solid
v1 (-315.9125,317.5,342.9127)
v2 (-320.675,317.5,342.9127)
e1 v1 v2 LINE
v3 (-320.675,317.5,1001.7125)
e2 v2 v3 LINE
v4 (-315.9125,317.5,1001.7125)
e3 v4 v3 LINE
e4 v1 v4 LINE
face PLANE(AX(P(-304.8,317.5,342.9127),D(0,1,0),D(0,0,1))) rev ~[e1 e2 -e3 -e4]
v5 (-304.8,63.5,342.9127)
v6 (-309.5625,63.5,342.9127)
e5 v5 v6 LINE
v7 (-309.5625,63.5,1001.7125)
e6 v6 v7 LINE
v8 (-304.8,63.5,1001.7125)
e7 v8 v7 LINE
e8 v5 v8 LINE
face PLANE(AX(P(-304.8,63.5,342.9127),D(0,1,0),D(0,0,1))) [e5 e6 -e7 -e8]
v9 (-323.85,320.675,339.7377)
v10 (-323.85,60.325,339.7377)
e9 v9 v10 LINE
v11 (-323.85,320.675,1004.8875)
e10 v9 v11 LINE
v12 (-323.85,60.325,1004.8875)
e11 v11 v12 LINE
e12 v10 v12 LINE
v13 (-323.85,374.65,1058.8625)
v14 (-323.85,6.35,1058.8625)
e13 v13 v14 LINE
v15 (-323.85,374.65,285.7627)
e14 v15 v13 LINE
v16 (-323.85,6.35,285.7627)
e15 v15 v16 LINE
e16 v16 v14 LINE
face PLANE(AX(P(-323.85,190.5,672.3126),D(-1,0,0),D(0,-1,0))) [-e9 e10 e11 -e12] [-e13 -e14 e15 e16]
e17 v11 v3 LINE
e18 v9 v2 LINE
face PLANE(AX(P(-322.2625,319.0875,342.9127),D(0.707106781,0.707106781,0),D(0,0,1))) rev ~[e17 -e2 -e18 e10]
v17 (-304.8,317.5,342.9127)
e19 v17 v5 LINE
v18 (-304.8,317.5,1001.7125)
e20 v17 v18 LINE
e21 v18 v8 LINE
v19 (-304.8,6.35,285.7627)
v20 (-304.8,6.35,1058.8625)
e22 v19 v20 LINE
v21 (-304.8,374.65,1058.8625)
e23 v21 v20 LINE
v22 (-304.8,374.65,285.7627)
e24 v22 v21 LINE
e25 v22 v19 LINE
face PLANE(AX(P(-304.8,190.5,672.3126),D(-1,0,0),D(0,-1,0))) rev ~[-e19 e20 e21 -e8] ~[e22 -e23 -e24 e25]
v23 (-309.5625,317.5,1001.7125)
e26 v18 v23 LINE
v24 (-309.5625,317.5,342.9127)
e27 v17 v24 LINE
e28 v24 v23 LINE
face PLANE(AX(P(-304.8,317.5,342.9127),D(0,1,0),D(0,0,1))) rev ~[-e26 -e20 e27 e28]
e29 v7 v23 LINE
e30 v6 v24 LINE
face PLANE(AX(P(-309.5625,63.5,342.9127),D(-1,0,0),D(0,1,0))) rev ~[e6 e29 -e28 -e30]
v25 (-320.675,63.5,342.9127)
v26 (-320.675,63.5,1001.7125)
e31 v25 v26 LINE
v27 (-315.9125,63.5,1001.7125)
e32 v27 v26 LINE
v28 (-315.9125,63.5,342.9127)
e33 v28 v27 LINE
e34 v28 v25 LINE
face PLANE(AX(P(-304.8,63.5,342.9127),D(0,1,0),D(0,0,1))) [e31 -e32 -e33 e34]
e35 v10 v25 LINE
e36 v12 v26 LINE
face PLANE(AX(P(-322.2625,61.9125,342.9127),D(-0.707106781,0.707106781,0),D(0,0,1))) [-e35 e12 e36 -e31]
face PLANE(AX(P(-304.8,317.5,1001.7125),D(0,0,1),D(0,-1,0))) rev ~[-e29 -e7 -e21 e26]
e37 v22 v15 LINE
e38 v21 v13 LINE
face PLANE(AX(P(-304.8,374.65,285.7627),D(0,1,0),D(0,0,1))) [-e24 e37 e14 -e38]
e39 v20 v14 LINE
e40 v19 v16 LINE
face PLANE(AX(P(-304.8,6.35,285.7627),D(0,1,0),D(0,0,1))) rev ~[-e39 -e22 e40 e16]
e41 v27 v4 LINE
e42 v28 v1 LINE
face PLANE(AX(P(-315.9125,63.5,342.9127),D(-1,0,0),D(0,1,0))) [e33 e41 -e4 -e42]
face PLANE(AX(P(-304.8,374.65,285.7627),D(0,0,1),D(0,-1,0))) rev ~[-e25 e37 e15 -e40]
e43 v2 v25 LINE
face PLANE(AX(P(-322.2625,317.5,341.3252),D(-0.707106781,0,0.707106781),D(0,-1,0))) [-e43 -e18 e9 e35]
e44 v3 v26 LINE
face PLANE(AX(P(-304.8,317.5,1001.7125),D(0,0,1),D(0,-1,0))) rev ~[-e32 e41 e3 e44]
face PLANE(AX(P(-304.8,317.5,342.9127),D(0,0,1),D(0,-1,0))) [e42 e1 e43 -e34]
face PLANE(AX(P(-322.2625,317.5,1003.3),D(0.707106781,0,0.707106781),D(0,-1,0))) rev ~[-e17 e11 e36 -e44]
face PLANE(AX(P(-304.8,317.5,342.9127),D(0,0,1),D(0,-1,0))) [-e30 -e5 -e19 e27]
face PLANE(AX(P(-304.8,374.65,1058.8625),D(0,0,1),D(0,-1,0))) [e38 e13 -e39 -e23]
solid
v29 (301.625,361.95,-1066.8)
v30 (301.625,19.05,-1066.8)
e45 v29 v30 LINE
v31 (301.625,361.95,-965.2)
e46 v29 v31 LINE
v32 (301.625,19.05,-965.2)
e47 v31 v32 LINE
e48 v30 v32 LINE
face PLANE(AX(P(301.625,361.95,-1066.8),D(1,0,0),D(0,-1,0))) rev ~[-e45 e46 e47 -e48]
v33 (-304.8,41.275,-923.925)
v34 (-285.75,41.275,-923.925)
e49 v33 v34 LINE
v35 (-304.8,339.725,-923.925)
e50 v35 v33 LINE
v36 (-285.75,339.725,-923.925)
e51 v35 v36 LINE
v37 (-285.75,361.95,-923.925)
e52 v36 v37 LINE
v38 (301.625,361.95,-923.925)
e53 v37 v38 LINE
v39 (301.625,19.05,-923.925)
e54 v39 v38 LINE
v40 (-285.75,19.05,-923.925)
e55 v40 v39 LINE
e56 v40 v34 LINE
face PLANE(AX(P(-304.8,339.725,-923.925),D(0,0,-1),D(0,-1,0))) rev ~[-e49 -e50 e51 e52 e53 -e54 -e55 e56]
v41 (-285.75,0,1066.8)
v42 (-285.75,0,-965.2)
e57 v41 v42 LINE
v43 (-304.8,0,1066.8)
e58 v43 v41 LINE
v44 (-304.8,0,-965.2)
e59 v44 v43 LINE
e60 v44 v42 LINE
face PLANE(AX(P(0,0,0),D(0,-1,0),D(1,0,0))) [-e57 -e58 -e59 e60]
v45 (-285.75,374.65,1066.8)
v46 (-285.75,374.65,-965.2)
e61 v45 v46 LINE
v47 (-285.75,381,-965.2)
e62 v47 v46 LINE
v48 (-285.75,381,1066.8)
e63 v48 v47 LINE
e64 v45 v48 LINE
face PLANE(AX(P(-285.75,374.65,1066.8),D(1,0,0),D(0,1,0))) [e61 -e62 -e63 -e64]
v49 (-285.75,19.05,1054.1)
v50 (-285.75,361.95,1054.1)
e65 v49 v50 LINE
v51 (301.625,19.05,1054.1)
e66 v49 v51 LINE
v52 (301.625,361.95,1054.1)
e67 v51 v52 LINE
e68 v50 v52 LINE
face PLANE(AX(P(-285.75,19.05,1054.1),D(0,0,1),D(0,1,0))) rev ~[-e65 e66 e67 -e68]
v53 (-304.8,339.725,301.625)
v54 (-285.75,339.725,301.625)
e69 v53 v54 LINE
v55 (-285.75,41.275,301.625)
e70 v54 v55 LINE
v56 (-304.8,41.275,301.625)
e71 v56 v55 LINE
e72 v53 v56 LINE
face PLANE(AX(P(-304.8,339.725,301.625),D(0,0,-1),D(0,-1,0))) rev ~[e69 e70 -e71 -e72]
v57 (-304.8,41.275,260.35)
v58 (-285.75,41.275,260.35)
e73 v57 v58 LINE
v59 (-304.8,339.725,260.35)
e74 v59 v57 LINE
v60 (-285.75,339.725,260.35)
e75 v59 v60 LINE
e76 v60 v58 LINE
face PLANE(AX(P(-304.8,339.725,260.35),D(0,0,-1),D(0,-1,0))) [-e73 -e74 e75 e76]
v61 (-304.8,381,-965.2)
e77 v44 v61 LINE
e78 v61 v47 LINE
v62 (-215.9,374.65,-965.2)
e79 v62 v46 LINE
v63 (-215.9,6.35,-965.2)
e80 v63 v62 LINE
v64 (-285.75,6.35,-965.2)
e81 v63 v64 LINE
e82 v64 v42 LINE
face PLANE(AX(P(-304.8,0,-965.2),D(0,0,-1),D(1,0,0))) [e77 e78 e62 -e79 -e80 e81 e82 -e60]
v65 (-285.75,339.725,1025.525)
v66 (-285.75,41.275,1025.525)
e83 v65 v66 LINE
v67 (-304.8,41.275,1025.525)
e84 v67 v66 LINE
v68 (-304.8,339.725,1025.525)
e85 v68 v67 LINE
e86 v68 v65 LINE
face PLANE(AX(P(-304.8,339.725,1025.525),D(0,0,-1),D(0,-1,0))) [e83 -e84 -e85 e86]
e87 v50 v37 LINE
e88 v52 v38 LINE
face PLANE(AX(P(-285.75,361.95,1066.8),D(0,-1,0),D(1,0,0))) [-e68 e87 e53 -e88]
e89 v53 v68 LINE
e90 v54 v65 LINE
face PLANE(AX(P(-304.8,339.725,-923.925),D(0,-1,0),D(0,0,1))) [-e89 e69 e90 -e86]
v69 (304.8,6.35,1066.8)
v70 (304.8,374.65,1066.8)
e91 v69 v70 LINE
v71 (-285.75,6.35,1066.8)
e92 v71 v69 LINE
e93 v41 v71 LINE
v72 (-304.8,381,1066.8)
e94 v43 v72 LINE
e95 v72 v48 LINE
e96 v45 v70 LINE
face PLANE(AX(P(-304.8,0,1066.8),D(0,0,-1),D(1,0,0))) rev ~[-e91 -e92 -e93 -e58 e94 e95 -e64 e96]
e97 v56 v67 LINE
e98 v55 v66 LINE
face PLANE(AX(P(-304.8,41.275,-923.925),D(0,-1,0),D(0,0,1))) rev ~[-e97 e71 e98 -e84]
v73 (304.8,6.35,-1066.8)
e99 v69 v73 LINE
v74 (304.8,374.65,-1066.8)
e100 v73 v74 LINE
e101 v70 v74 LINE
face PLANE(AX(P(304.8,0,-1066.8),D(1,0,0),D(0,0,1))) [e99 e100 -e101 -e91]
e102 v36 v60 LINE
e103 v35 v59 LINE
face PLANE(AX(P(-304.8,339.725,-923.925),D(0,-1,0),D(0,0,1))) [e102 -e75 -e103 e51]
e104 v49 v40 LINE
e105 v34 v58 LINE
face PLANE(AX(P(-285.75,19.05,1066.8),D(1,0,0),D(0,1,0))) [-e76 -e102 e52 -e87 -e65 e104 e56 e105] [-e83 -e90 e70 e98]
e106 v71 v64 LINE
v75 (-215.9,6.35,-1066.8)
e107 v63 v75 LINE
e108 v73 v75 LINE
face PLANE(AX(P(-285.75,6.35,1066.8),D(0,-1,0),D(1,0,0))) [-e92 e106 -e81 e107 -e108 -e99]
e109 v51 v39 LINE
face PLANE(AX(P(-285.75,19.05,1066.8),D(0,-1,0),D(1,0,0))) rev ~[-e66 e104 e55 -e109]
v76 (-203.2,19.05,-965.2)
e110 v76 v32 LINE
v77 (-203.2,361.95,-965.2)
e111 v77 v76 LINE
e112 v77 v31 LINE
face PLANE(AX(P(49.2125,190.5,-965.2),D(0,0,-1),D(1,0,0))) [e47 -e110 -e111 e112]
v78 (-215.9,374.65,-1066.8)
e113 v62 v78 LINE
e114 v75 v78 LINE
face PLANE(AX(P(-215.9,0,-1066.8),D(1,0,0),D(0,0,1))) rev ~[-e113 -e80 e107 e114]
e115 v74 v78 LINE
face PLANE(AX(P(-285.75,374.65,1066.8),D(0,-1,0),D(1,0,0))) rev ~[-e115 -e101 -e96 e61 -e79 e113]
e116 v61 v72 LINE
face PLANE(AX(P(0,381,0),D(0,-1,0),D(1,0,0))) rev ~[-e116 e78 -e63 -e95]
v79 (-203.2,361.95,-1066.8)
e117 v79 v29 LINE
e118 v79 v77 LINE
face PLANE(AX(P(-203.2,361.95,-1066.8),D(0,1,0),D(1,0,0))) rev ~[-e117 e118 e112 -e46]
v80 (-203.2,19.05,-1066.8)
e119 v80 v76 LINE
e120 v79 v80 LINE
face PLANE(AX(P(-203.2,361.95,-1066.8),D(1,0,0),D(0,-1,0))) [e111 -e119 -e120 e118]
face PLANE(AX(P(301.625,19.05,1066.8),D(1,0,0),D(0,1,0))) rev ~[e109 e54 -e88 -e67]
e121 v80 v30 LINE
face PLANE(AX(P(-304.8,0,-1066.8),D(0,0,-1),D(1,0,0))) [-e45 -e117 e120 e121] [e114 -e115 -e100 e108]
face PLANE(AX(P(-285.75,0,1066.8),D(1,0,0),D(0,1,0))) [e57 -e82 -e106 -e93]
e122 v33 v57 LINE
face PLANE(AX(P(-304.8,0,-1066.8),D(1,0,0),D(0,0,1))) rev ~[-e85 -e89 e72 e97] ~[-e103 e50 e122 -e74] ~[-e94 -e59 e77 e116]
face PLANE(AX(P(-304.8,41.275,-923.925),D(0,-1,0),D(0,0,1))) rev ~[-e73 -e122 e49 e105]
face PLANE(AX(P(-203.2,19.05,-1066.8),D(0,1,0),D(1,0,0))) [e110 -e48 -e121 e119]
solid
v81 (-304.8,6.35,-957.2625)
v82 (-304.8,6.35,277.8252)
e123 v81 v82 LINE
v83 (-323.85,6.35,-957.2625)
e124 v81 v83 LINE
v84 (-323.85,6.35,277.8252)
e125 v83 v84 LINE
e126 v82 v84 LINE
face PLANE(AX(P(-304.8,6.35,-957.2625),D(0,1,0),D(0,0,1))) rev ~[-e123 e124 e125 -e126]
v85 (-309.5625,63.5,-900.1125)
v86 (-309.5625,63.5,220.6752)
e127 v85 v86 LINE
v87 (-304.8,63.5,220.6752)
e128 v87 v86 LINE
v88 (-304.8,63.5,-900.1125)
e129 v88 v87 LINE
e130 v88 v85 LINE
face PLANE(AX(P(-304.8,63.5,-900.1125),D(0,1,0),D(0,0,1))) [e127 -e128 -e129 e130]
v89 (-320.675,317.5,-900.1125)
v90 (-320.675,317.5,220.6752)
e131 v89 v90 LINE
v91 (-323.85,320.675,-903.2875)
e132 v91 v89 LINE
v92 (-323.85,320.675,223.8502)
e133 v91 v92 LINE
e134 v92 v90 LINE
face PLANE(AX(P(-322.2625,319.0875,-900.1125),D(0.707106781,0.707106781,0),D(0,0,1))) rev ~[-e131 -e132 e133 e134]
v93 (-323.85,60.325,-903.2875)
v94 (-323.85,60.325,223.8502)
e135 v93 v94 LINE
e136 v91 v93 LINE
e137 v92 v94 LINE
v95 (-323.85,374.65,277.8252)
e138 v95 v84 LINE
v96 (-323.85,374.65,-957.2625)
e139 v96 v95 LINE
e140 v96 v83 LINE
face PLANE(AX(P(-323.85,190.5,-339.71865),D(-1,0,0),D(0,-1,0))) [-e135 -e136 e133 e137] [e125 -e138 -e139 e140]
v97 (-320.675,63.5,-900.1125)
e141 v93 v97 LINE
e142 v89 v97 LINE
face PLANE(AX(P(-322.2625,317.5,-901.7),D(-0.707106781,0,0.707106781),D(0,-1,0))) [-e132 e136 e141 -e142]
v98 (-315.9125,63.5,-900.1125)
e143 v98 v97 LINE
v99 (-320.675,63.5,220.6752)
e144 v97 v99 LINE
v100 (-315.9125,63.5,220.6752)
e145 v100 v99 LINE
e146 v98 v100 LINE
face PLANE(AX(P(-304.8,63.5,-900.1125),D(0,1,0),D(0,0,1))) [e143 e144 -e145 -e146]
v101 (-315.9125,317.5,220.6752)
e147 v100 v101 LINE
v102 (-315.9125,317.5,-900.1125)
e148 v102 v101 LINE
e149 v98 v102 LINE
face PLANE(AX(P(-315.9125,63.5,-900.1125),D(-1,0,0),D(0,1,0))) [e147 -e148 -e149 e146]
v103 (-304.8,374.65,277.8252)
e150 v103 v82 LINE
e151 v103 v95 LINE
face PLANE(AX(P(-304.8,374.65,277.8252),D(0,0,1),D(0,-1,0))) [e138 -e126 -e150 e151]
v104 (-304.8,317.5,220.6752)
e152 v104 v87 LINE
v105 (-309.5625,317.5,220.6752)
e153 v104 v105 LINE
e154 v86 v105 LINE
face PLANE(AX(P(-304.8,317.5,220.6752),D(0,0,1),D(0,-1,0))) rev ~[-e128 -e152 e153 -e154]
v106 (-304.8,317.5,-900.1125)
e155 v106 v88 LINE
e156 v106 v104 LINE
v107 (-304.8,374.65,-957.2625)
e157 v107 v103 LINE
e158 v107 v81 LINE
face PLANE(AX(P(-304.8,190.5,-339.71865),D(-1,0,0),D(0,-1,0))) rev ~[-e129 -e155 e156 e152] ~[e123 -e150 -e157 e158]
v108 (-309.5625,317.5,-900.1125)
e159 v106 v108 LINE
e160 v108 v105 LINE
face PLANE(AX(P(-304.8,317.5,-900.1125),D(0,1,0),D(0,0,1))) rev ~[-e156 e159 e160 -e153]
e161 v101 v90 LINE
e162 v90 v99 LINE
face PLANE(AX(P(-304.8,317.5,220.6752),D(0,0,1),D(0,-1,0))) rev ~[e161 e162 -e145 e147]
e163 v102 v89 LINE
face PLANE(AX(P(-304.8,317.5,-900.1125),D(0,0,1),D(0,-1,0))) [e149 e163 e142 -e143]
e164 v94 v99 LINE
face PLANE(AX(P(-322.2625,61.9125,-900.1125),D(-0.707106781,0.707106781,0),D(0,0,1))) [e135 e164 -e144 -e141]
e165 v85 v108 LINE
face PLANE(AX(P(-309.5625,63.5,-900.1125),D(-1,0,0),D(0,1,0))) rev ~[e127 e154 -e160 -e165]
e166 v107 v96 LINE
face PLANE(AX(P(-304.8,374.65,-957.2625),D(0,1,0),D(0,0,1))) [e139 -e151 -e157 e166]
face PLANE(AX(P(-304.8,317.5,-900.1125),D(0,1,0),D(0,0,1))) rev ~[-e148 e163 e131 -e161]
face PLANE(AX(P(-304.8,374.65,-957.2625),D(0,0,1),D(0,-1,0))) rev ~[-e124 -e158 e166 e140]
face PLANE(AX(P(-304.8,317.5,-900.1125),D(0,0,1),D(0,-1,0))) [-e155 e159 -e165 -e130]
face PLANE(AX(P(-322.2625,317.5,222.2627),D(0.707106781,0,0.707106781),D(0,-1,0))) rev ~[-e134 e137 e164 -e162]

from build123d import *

# Parameters (mm, degrees)
F0_W      = 609.6
F0_H      = 2133.6
F1_DEPTH  = 381
F2_W      = 88.9
F2_H      = 101.6
F3_DEPTH  = 381.001
F4_W      = 298.45
F4_H      = 1949.45
F5_DEPTH  = 19.05
F6_W      = 590.55
F6_H      = 6.35
F7_DEPTH  = 2133.601
F8_W      = 587.375
F8_H      = 342.9
F9_DEPTH  = 1990.725
F10_W     = 298.45
F10_H     = 41.275
F11_DEPTH = 19.05
F12_W     = 368.3
F12_H     = 1235.0877
F12_W_2   = 254
F12_H_2   = 1120.7877
F12_H_3   = 773.0998
F12_H_4   = 658.7998
F13_DEPTH = 19.05
F14_W     = 6.35
F14_H     = 254
F15_DEPTH = 1120.7877
F16_W     = 6.35
F16_H     = 254
F17_DEPTH = 658.7998
F18_SIZE  = 3.175
F19_W     = 504.825
F19_H     = 342.9
F20_DEPTH = 101.6
F21_W     = 342.9
F21_H     = 12.7
F22_DEPTH = 587.375


with BuildPart() as f1:
    # F0 (on Front) → F1 (new body)
    with BuildSketch(Plane.XZ):
        Rectangle(F0_W, F0_H)
    extrude(amount=-F1_DEPTH)

    # F2 (on face) → F3 (cut, through all)
    with BuildSketch(Plane.XZ):
        with Locations((-260.35, -1016)):
            Rectangle(F2_W, F2_H)
    extrude(amount=-F3_DEPTH, mode=Mode.SUBTRACT)

    # F4 (on face) → F5 (cut)
    with BuildSketch(Plane(origin=(-304.8, 0, 0), x_dir=(0, -1, 0), z_dir=(-1, 0, 0))):
        with Locations((-190.5, 50.8)):
            Rectangle(F4_W, F4_H)
    extrude(amount=-F5_DEPTH, mode=Mode.SUBTRACT)

    # F6 (on face) → F7 (cut, through all)
    with BuildSketch(Plane.XY.offset(1066.8)):
        with Locations((9.525, 377.825)):
            Rectangle(F6_W, F6_H)
        with Locations((9.525, 3.175)):
            Rectangle(F6_W, F6_H)
    extrude(amount=-F7_DEPTH, mode=Mode.SUBTRACT)

    # F8 (on face) → F9 (cut, through all)
    with BuildSketch(Plane.XY.offset(1066.8)):
        with Locations((7.9375, 190.5)):
            Rectangle(F8_W, F8_H)
    extrude(amount=-F9_DEPTH, mode=Mode.SUBTRACT)

    # F10 (on face) → F11 (join, through all)
    with BuildSketch(Plane(origin=(-304.8, 0, 0), x_dir=(0, -1, 0), z_dir=(-1, 0, 0))):
        with Locations((-190.5, 280.9875)):
            Rectangle(F10_W, F10_H)
    extrude(amount=-F11_DEPTH)

    # F19 (on face) → F20 (cut)
    with BuildSketch(Plane(origin=(0, 0, -1066.8), x_dir=(1, 0, 0), z_dir=(0, 0, -1))):
        with Locations((49.2125, -190.5)):
            Rectangle(F19_W, F19_H)
    extrude(amount=-F20_DEPTH, mode=Mode.SUBTRACT)

    # F21 (on face) → F22 (join, through all)
    with BuildSketch(Plane.YZ.offset(-285.75)):
        with Locations((190.5, 1060.45)):
            Rectangle(F21_W, F21_H)
    extrude(amount=F22_DEPTH)


with BuildPart() as f13:
    # F12 (on face) → F13 (new body)
    with BuildSketch(Plane(origin=(-304.8, 0, 0), x_dir=(0, -1, 0), z_dir=(-1, 0, 0))):
        with Locations((-190.5, -339.71865)):
            Rectangle(F12_W, F12_H)
        with Locations((-190.5, -339.71865)):
            Rectangle(F12_W_2, F12_H_2, mode=Mode.SUBTRACT)
        with Locations((-190.5, 672.3126)):
            Rectangle(F12_W, F12_H_3)
        with Locations((-190.5, 672.3126)):
            Rectangle(F12_W_2, F12_H_4, mode=Mode.SUBTRACT)
    extrude(amount=F13_DEPTH)

    # F14 (on face) → F15 (join, through all)
    with BuildSketch(Plane.XY.offset(-900.1125)):
        with Locations((-312.7375, 190.5)):
            Rectangle(F14_W, F14_H)
    extrude(amount=F15_DEPTH)

    # F16 (on face) → F17 (join, through all)
    with BuildSketch(Plane.XY.offset(342.9127)):
        with Locations((-312.7375, 190.5)):
            Rectangle(F16_W, F16_H)
    extrude(amount=F17_DEPTH)

    # F18
    f18_edges = [f13.edges().sort_by_distance(p)[0] for p in [
        (-323.85, 317.5, -339.71865),
        (-323.85, 190.5, -900.1125),
        (-323.85, 63.5, -339.71865),
        (-323.85, 190.5, 220.6752),
        (-323.85, 190.5, 342.9127),
        (-323.85, 317.5, 672.3126),
        (-323.85, 63.5, 672.3126),
        (-323.85, 190.5, 1001.7125),
    ]]
    chamfer(f18_edges, length=F18_SIZE)


solid = Compound([f1.part, f13.part])
